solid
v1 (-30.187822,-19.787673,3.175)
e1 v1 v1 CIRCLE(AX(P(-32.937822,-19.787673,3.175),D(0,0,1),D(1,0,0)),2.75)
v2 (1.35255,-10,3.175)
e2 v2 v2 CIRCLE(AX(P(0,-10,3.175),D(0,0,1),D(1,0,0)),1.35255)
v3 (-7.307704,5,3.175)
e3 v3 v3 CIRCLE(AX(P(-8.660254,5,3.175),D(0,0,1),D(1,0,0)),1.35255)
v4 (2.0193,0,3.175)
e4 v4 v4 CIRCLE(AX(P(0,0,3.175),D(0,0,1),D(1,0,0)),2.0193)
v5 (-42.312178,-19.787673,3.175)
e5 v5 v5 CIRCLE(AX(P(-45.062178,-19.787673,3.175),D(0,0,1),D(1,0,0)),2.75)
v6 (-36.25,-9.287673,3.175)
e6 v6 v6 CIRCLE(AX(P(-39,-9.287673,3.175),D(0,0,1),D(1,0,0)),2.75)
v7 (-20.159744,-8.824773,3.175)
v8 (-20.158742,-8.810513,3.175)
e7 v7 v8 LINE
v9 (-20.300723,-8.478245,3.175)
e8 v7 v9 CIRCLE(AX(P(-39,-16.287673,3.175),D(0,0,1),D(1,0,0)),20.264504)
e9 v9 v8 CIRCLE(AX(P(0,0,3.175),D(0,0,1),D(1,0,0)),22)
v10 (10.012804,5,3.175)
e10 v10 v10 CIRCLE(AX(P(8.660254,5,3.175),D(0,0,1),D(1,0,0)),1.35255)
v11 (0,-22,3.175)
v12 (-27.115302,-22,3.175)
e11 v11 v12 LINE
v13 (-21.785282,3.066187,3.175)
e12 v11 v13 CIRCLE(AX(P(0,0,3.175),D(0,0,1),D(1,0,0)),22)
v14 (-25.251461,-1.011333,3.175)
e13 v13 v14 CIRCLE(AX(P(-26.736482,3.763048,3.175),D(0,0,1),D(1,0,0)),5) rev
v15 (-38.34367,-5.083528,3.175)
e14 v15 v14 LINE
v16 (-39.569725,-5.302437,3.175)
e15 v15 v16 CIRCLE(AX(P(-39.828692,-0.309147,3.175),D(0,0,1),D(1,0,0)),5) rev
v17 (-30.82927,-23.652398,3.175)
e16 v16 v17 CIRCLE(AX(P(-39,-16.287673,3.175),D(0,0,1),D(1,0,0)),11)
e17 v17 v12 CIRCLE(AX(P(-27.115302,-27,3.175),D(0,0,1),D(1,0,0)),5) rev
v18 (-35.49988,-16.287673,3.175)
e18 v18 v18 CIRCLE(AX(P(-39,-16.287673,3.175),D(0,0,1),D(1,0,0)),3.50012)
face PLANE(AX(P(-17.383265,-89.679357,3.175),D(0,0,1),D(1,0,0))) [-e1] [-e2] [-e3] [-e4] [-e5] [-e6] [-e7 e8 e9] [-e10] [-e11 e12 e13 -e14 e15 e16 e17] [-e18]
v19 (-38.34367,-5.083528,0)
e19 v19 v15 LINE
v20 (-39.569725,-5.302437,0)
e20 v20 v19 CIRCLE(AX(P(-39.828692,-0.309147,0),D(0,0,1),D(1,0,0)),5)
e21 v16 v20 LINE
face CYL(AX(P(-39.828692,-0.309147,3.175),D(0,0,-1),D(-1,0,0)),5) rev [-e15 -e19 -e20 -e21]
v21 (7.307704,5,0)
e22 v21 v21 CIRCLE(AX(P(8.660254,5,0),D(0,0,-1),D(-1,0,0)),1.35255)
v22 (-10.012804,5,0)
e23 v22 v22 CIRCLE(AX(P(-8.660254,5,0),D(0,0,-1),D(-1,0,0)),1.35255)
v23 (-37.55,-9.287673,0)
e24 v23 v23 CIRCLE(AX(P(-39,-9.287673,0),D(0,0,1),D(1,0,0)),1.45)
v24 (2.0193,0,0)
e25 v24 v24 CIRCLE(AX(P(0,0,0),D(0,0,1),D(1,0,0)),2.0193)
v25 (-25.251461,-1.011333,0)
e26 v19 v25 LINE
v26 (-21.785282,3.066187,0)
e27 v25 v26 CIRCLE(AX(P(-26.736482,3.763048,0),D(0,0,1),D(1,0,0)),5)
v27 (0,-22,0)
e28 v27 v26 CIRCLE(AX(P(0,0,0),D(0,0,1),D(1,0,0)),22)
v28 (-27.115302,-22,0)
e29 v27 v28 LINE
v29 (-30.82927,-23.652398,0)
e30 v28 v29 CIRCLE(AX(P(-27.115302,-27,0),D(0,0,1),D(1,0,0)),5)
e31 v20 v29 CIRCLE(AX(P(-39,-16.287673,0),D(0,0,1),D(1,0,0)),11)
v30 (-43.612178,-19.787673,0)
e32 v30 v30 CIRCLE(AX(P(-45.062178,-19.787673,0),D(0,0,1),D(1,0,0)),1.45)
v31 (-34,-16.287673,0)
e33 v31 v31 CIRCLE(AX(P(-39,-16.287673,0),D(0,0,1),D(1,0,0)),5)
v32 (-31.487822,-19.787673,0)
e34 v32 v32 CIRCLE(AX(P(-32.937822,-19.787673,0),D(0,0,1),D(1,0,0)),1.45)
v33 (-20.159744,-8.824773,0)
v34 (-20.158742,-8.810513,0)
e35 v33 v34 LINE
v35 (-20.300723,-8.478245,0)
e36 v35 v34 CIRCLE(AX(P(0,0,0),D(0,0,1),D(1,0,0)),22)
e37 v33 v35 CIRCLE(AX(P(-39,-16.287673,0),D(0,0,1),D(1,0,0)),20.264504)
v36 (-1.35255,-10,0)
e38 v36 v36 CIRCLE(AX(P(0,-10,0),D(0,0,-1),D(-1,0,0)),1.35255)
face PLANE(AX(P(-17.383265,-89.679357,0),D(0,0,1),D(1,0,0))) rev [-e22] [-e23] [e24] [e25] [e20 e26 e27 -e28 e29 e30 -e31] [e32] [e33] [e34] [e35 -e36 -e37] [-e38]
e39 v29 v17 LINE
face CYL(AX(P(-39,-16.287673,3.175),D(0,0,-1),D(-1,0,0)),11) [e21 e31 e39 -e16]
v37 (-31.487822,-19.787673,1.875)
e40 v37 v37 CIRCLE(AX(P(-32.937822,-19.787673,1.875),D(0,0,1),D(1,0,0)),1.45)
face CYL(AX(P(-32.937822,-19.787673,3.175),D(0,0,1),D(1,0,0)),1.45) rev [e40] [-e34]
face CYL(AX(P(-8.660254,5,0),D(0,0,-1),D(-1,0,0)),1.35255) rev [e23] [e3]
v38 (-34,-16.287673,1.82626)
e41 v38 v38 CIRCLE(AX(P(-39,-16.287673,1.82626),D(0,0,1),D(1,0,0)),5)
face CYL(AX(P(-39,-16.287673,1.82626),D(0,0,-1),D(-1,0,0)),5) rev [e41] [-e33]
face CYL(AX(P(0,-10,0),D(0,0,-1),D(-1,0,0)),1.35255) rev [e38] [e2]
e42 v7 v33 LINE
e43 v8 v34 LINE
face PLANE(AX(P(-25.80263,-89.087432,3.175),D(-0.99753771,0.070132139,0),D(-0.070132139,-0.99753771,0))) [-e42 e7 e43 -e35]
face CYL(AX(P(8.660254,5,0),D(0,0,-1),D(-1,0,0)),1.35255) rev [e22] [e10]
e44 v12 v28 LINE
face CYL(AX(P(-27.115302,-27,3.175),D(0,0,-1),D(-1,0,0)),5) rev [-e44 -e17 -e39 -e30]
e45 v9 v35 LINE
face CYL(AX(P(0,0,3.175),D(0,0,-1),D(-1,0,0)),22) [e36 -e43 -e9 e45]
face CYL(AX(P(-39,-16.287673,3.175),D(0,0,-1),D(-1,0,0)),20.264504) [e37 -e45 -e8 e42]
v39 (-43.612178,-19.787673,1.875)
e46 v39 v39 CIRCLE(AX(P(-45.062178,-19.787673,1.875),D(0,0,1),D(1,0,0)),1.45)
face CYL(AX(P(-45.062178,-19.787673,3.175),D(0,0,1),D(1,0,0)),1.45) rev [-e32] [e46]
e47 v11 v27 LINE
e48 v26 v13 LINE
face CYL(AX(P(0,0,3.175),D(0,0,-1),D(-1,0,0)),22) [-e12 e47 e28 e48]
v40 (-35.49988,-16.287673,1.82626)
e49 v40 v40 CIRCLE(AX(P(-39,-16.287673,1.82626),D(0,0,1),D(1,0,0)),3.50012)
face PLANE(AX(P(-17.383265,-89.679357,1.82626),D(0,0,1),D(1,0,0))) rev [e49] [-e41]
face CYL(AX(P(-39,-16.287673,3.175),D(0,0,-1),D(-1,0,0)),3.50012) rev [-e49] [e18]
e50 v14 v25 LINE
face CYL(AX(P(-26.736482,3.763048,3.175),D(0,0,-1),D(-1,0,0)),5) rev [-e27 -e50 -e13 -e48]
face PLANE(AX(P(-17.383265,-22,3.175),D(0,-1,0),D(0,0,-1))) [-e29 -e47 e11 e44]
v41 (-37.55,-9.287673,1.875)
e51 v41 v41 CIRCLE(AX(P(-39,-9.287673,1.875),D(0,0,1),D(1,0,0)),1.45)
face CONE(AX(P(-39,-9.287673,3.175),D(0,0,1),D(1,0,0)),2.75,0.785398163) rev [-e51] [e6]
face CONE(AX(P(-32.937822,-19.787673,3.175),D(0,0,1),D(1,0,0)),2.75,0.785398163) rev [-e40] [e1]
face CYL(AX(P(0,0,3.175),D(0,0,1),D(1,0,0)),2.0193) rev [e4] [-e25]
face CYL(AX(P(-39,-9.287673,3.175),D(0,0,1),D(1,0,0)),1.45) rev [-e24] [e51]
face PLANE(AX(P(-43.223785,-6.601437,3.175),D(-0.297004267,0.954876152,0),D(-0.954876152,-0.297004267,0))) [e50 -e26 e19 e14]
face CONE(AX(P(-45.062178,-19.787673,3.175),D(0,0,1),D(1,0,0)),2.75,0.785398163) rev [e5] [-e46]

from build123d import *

# Parameters (mm, degrees)
SKETCH1_R                                         = 3.50012
BODY_DEPTH                                        = 3.175
CSK_FOR_M2_5_FLAT_HEAD_MACHINE_SCREW1_D           = 2.9
CSK_FOR_M2_5_FLAT_HEAD_MACHINE_SCREW1_CSINK_D     = 5.5
CSK_FOR_M2_5_FLAT_HEAD_MACHINE_SCREW1_CSINK_ANGLE = 90
FILLET1_R                                         = 5
F_10_32_TAPPED_HOLE2_D                            = 4.0386
F_10_32_TAPPED_HOLE2_DEPTH                        = 12.03
F_10_32_TAPPED_HOLE2_TIP                          = 1.213317848
F_6_32_TAPPED_HOLE1_D                             = 2.7051
F_6_32_TAPPED_HOLE1_DEPTH                         = 9.39
F_6_32_TAPPED_HOLE1_TIP                           = 0.81269403
SKETCH1_3_R                                       = 5
SKETCH1_3_R_2                                     = 3.50012
MOTOR_COLLAR_RECESS_DEPTH                         = 1.82626


with BuildPart() as part:
    # Sketch1 → Body (new body)
    with BuildSketch(Plane.XY):
        with BuildLine():
            Line((-22, 0), (-39, -5.28767268))
            ThreePointArc((-39, -5.28767268), (-48.587377131, -21.680464141), (-29.59950445, -22))
            Line((-29.59950445, -22), (0, -22))
            ThreePointArc((0, -22), (15.556349186, 15.556349186), (-22, 0))
        make_face()
        with BuildLine():
            ThreePointArc((-20.300723283, -8.478244759), (-20.230414586, -8.644670364), (-20.158741556, -8.810512975))
            Line((-20.158741556, -8.810512975), (-20.159744108, -8.824772966))
            ThreePointArc((-20.159744108, -8.824772966), (-20.22943401, -8.651183524), (-20.300723283, -8.478244759))
        make_face(mode=Mode.SUBTRACT)
        with Locations((-39, -16.28767268)):
            Circle(SKETCH1_R, mode=Mode.SUBTRACT)
    extrude(amount=BODY_DEPTH)

    # CSK for M2.5 Flat Head Machine Screw1 (through all)
    with Locations(Plane(origin=(-39, -9.28767268, 3.175), x_dir=(1, 0, 0), z_dir=(0, 0, 1))):
        with Locations((0, 0), (-6.062177826, -10.5), (6.062177826, -10.5)):
            CounterSinkHole(CSK_FOR_M2_5_FLAT_HEAD_MACHINE_SCREW1_D / 2, CSK_FOR_M2_5_FLAT_HEAD_MACHINE_SCREW1_CSINK_D / 2, counter_sink_angle=CSK_FOR_M2_5_FLAT_HEAD_MACHINE_SCREW1_CSINK_ANGLE)

    # Fillet1
    fillet1_edges = [part.edges().sort_by_distance(p)[0] for p in [
        (-29.59950445, -22, 1.5875),
        (-39, -5.28767268, 1.5875),
        (-22, 0, 1.5875),
    ]]
    fillet(fillet1_edges, radius=FILLET1_R)

    # #10-32 Tapped Hole2
    with Locations(Plane.XY.offset(3.175)):
        with Locations((0, 0)):
            Hole(F_10_32_TAPPED_HOLE2_D / 2, depth=F_10_32_TAPPED_HOLE2_DEPTH)
            with Locations((0, 0, -(F_10_32_TAPPED_HOLE2_DEPTH + F_10_32_TAPPED_HOLE2_TIP / 2))):  # 118° drill point
                Cone(0, F_10_32_TAPPED_HOLE2_D / 2, F_10_32_TAPPED_HOLE2_TIP, mode=Mode.SUBTRACT)

    # #6-32 Tapped Hole1
    with Locations(Plane(origin=(-8.660254038, 5, 0), x_dir=(-1, 0, 0), z_dir=(0, 0, -1))):
        with Locations((0, 0), (-17.320508076, 0), (-8.660254038, -15)):
            Hole(F_6_32_TAPPED_HOLE1_D / 2, depth=F_6_32_TAPPED_HOLE1_DEPTH)
            with Locations((0, 0, -(F_6_32_TAPPED_HOLE1_DEPTH + F_6_32_TAPPED_HOLE1_TIP / 2))):  # 118° drill point
                Cone(0, F_6_32_TAPPED_HOLE1_D / 2, F_6_32_TAPPED_HOLE1_TIP, mode=Mode.SUBTRACT)

    # Sketch1<3> → Motor Collar Recess (cut)
    with BuildSketch(Plane.XY):
        with Locations((-39, -16.28767268)):
            Circle(SKETCH1_3_R)
        with Locations((-39, -16.28767268)):
            Circle(SKETCH1_3_R_2, mode=Mode.SUBTRACT)
    extrude(amount=MOTOR_COLLAR_RECESS_DEPTH, mode=Mode.SUBTRACT)


solid = part.part
